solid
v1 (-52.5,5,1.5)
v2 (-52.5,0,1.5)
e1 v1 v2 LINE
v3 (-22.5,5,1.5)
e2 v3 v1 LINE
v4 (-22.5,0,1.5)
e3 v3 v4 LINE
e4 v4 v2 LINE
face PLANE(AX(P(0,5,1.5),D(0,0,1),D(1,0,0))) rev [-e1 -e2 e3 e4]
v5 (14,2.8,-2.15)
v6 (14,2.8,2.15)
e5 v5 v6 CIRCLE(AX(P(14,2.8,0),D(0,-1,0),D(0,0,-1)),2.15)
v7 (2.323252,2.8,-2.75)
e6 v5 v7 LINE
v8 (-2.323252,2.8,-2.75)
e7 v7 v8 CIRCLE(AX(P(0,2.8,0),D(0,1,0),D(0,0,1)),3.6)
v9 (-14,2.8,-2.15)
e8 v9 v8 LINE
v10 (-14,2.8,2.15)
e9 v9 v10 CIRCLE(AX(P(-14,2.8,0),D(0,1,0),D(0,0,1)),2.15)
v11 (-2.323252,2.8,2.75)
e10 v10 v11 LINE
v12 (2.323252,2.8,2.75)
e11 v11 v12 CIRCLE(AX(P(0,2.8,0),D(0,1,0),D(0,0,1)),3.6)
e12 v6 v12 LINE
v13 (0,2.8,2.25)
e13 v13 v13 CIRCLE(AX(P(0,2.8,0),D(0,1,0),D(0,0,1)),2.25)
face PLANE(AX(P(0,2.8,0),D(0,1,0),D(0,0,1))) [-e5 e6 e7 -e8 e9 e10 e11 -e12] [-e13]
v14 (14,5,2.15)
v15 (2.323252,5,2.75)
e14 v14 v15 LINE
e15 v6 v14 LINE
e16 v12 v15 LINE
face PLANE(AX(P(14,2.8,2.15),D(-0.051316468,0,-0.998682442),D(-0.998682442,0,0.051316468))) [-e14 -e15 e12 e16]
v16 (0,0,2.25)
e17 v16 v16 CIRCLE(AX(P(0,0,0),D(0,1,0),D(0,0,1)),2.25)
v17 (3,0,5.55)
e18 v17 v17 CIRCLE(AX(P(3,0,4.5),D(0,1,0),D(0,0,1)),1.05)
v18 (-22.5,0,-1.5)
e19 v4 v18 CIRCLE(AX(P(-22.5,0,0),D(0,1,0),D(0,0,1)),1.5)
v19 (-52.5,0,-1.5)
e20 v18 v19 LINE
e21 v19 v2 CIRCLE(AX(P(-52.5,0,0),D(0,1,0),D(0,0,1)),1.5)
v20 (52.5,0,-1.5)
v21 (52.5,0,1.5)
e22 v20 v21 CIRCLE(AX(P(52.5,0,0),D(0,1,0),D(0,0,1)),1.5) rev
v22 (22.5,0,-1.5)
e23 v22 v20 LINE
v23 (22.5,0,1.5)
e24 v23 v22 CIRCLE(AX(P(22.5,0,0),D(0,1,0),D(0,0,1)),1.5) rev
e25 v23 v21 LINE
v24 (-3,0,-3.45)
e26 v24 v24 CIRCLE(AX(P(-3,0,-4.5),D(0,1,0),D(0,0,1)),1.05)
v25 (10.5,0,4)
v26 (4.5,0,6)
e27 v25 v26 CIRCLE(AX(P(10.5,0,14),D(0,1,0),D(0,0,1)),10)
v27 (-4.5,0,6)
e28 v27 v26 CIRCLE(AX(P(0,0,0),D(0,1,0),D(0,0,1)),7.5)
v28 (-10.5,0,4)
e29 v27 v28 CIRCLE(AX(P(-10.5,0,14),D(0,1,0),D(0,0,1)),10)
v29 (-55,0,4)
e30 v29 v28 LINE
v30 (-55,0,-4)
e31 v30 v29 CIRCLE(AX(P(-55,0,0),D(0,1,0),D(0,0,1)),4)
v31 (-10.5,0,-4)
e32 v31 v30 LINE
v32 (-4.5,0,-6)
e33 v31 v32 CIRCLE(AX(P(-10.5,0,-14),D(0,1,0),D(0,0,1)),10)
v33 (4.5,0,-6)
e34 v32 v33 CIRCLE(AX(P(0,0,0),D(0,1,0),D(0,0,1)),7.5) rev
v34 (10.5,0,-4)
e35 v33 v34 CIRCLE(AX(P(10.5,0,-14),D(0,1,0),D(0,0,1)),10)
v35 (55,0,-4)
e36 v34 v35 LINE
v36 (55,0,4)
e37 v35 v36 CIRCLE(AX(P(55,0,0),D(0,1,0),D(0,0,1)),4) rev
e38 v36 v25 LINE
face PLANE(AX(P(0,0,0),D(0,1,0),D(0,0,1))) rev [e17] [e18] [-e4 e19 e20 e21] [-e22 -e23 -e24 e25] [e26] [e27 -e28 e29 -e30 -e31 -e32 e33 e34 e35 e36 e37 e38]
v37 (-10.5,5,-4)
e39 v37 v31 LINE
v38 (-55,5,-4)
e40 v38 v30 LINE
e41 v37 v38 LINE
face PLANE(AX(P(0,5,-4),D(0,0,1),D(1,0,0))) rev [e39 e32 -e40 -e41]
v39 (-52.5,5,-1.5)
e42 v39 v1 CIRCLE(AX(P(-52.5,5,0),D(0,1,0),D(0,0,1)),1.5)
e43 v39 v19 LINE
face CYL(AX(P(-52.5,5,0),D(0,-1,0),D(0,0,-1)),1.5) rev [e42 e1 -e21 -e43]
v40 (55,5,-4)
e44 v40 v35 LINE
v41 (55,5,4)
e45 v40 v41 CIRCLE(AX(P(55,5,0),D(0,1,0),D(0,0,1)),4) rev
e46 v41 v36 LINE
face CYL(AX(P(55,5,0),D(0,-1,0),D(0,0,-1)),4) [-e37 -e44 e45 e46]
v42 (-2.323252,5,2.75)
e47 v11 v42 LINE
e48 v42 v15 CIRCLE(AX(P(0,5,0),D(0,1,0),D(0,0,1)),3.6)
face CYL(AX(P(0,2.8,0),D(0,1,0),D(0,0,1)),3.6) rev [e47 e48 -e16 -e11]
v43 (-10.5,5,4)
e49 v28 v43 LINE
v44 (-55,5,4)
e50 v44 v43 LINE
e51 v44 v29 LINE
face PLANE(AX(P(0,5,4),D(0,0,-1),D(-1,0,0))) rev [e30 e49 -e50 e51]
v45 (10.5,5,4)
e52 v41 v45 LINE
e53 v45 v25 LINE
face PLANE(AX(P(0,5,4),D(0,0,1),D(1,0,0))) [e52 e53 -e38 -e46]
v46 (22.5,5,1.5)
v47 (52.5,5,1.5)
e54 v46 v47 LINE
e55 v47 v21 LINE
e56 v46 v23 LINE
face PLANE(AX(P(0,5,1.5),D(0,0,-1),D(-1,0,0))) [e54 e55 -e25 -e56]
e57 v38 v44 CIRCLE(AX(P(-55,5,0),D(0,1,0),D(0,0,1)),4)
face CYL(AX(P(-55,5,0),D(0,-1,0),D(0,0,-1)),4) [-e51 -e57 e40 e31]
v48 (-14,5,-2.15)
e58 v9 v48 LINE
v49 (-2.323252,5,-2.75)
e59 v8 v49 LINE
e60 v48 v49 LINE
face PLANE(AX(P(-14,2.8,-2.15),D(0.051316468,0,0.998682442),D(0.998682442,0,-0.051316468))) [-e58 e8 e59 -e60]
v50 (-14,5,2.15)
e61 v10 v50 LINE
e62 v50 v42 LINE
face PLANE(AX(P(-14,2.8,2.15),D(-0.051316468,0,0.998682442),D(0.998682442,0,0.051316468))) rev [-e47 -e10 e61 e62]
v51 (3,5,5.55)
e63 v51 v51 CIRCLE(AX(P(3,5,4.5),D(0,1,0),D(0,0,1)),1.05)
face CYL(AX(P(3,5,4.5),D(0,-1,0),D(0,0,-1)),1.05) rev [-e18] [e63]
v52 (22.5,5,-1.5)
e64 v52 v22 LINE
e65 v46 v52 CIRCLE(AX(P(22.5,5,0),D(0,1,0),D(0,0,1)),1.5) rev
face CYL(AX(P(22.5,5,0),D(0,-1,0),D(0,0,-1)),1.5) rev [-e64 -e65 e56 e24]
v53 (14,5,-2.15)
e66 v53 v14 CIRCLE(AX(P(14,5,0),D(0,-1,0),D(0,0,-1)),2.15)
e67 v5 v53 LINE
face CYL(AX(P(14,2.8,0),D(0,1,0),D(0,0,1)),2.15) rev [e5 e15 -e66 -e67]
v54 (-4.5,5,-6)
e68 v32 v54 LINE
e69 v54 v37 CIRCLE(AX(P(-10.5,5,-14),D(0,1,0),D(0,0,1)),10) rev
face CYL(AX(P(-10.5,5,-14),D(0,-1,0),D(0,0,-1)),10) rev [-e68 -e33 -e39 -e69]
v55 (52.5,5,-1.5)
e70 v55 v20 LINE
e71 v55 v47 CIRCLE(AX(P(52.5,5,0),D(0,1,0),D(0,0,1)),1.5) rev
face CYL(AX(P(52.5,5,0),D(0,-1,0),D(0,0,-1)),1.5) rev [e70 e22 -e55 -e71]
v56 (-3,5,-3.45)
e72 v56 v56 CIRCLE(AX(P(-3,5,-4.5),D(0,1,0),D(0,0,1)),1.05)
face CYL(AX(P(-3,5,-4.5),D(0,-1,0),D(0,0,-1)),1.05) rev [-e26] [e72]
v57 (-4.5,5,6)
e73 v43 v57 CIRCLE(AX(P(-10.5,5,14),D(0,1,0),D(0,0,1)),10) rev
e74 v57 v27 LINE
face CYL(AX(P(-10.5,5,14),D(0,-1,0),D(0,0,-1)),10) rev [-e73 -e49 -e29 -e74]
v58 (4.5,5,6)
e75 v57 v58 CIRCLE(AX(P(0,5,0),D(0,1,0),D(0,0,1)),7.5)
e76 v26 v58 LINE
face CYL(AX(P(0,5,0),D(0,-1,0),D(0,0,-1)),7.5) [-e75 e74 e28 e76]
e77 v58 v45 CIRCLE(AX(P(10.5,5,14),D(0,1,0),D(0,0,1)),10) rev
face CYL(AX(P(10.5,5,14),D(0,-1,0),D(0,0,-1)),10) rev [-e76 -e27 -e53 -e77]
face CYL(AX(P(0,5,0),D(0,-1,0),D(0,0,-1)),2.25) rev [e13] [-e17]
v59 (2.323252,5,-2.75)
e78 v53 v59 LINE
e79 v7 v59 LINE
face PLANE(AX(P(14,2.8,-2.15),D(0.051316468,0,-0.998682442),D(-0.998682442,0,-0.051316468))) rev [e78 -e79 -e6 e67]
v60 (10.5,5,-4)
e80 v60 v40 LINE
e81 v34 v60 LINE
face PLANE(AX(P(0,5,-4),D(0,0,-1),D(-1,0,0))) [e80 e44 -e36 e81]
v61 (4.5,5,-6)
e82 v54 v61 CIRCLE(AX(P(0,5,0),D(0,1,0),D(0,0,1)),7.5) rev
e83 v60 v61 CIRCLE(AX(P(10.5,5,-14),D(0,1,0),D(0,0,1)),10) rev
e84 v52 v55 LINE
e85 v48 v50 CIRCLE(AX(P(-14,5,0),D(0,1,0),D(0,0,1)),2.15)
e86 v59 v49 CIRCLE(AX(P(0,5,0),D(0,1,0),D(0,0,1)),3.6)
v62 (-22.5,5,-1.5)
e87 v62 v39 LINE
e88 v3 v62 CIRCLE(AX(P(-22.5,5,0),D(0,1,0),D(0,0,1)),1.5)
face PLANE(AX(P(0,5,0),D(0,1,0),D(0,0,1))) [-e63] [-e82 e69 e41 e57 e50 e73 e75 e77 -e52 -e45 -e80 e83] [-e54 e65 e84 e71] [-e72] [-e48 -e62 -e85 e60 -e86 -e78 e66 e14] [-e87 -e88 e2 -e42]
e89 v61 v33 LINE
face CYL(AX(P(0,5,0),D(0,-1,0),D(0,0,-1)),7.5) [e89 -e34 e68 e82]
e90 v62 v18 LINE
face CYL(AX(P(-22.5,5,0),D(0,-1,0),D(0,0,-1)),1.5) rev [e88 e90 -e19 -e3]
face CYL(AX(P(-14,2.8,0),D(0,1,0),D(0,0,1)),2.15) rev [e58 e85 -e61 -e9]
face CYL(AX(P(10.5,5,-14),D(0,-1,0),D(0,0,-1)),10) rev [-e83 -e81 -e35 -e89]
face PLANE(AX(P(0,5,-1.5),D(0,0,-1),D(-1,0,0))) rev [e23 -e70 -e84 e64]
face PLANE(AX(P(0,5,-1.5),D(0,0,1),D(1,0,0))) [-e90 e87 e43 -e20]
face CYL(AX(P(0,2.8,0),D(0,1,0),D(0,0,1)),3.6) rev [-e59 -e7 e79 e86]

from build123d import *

# Parameters (mm, degrees)
ESQUISSE1_R             = 1.05
ESQUISSE1_R_2           = 2.25
BOSS_EXTRU_1_DEPTH      = 5
ENL_V_MAT_EXTRU_1_DEPTH = 2.2
CONG_1_R                = 10


with BuildPart() as part:
    # Esquisse1 → Boss.-Extru.1 (new body)
    with BuildSketch(Plane(origin=(0, 0, 0), x_dir=(1, 0, 0), z_dir=(0, 1, 0))):
        with BuildLine():
            Line((-6.34428877, 4), (-55, 4))
            ThreePointArc((-55, 4), (-59, 0), (-55, -4))
            Line((-55, -4), (-6.34428877, -4))
            ThreePointArc((-6.34428877, -4), (0, -7.5), (6.34428877, -4))
            Line((6.34428877, -4), (55, -4))
            ThreePointArc((55, -4), (59, 0), (55, 4))
            Line((55, 4), (6.34428877, 4))
            ThreePointArc((6.34428877, 4), (0, 7.5), (-6.34428877, 4))
        make_face()
        with Locations(Location((-3, 4.5, 0), (0, 0, 270))):
            Circle(ESQUISSE1_R, mode=Mode.SUBTRACT)
        with Locations(Location((3, -4.5, 0), (0, 0, 270))):
            Circle(ESQUISSE1_R, mode=Mode.SUBTRACT)
        with Locations(Location((0, 0, 0), (0, 0, 270))):
            Circle(ESQUISSE1_R_2, mode=Mode.SUBTRACT)
        with BuildLine():
            Line((-22.5, -1.5), (-52.5, -1.5))
            ThreePointArc((-52.5, -1.5), (-54, 0), (-52.5, 1.5))
            Line((-52.5, 1.5), (-22.5, 1.5))
            ThreePointArc((-22.5, 1.5), (-21, 0), (-22.5, -1.5))
        make_face(mode=Mode.SUBTRACT)
        with BuildLine():
            Line((22.5, -1.5), (52.5, -1.5))
            ThreePointArc((52.5, -1.5), (54, 0), (52.5, 1.5))
            Line((52.5, 1.5), (22.5, 1.5))
            ThreePointArc((22.5, 1.5), (21, 0), (22.5, -1.5))
        make_face(mode=Mode.SUBTRACT)
    extrude(amount=BOSS_EXTRU_1_DEPTH)

    # Esquisse2 → Enlèv. mat.-Extru.1 (cut)
    with BuildSketch(Plane(origin=(0, 5, 0), x_dir=(1, 0, 0), z_dir=(0, 1, 0))):
        with BuildLine():
            Line((-14, 2.15), (-2.323252031, 2.75))
            ThreePointArc((-2.323252031, 2.75), (0, 3.6), (2.323252031, 2.75))
            Line((2.323252031, 2.75), (14, 2.15))
            ThreePointArc((14, 2.15), (16.15, 0), (14, -2.15))
            Line((14, -2.15), (2.323252031, -2.75))
            ThreePointArc((2.323252031, -2.75), (0, -3.6), (-2.323252031, -2.75))
            Line((-2.323252031, -2.75), (-14, -2.15))
            ThreePointArc((-14, -2.15), (-16.15, 0), (-14, 2.15))
        make_face()
    extrude(amount=-ENL_V_MAT_EXTRU_1_DEPTH, mode=Mode.SUBTRACT)

    # Congé1
    cong_1_edges = [part.edges().sort_by_distance(p)[0] for p in [
        (6.34428877, 2.5, 4),
        (-6.34428877, 2.5, 4),
        (-6.34428877, 2.5, -4),
        (6.34428877, 2.5, -4),
    ]]
    fillet(cong_1_edges, radius=CONG_1_R)


solid = part.part
